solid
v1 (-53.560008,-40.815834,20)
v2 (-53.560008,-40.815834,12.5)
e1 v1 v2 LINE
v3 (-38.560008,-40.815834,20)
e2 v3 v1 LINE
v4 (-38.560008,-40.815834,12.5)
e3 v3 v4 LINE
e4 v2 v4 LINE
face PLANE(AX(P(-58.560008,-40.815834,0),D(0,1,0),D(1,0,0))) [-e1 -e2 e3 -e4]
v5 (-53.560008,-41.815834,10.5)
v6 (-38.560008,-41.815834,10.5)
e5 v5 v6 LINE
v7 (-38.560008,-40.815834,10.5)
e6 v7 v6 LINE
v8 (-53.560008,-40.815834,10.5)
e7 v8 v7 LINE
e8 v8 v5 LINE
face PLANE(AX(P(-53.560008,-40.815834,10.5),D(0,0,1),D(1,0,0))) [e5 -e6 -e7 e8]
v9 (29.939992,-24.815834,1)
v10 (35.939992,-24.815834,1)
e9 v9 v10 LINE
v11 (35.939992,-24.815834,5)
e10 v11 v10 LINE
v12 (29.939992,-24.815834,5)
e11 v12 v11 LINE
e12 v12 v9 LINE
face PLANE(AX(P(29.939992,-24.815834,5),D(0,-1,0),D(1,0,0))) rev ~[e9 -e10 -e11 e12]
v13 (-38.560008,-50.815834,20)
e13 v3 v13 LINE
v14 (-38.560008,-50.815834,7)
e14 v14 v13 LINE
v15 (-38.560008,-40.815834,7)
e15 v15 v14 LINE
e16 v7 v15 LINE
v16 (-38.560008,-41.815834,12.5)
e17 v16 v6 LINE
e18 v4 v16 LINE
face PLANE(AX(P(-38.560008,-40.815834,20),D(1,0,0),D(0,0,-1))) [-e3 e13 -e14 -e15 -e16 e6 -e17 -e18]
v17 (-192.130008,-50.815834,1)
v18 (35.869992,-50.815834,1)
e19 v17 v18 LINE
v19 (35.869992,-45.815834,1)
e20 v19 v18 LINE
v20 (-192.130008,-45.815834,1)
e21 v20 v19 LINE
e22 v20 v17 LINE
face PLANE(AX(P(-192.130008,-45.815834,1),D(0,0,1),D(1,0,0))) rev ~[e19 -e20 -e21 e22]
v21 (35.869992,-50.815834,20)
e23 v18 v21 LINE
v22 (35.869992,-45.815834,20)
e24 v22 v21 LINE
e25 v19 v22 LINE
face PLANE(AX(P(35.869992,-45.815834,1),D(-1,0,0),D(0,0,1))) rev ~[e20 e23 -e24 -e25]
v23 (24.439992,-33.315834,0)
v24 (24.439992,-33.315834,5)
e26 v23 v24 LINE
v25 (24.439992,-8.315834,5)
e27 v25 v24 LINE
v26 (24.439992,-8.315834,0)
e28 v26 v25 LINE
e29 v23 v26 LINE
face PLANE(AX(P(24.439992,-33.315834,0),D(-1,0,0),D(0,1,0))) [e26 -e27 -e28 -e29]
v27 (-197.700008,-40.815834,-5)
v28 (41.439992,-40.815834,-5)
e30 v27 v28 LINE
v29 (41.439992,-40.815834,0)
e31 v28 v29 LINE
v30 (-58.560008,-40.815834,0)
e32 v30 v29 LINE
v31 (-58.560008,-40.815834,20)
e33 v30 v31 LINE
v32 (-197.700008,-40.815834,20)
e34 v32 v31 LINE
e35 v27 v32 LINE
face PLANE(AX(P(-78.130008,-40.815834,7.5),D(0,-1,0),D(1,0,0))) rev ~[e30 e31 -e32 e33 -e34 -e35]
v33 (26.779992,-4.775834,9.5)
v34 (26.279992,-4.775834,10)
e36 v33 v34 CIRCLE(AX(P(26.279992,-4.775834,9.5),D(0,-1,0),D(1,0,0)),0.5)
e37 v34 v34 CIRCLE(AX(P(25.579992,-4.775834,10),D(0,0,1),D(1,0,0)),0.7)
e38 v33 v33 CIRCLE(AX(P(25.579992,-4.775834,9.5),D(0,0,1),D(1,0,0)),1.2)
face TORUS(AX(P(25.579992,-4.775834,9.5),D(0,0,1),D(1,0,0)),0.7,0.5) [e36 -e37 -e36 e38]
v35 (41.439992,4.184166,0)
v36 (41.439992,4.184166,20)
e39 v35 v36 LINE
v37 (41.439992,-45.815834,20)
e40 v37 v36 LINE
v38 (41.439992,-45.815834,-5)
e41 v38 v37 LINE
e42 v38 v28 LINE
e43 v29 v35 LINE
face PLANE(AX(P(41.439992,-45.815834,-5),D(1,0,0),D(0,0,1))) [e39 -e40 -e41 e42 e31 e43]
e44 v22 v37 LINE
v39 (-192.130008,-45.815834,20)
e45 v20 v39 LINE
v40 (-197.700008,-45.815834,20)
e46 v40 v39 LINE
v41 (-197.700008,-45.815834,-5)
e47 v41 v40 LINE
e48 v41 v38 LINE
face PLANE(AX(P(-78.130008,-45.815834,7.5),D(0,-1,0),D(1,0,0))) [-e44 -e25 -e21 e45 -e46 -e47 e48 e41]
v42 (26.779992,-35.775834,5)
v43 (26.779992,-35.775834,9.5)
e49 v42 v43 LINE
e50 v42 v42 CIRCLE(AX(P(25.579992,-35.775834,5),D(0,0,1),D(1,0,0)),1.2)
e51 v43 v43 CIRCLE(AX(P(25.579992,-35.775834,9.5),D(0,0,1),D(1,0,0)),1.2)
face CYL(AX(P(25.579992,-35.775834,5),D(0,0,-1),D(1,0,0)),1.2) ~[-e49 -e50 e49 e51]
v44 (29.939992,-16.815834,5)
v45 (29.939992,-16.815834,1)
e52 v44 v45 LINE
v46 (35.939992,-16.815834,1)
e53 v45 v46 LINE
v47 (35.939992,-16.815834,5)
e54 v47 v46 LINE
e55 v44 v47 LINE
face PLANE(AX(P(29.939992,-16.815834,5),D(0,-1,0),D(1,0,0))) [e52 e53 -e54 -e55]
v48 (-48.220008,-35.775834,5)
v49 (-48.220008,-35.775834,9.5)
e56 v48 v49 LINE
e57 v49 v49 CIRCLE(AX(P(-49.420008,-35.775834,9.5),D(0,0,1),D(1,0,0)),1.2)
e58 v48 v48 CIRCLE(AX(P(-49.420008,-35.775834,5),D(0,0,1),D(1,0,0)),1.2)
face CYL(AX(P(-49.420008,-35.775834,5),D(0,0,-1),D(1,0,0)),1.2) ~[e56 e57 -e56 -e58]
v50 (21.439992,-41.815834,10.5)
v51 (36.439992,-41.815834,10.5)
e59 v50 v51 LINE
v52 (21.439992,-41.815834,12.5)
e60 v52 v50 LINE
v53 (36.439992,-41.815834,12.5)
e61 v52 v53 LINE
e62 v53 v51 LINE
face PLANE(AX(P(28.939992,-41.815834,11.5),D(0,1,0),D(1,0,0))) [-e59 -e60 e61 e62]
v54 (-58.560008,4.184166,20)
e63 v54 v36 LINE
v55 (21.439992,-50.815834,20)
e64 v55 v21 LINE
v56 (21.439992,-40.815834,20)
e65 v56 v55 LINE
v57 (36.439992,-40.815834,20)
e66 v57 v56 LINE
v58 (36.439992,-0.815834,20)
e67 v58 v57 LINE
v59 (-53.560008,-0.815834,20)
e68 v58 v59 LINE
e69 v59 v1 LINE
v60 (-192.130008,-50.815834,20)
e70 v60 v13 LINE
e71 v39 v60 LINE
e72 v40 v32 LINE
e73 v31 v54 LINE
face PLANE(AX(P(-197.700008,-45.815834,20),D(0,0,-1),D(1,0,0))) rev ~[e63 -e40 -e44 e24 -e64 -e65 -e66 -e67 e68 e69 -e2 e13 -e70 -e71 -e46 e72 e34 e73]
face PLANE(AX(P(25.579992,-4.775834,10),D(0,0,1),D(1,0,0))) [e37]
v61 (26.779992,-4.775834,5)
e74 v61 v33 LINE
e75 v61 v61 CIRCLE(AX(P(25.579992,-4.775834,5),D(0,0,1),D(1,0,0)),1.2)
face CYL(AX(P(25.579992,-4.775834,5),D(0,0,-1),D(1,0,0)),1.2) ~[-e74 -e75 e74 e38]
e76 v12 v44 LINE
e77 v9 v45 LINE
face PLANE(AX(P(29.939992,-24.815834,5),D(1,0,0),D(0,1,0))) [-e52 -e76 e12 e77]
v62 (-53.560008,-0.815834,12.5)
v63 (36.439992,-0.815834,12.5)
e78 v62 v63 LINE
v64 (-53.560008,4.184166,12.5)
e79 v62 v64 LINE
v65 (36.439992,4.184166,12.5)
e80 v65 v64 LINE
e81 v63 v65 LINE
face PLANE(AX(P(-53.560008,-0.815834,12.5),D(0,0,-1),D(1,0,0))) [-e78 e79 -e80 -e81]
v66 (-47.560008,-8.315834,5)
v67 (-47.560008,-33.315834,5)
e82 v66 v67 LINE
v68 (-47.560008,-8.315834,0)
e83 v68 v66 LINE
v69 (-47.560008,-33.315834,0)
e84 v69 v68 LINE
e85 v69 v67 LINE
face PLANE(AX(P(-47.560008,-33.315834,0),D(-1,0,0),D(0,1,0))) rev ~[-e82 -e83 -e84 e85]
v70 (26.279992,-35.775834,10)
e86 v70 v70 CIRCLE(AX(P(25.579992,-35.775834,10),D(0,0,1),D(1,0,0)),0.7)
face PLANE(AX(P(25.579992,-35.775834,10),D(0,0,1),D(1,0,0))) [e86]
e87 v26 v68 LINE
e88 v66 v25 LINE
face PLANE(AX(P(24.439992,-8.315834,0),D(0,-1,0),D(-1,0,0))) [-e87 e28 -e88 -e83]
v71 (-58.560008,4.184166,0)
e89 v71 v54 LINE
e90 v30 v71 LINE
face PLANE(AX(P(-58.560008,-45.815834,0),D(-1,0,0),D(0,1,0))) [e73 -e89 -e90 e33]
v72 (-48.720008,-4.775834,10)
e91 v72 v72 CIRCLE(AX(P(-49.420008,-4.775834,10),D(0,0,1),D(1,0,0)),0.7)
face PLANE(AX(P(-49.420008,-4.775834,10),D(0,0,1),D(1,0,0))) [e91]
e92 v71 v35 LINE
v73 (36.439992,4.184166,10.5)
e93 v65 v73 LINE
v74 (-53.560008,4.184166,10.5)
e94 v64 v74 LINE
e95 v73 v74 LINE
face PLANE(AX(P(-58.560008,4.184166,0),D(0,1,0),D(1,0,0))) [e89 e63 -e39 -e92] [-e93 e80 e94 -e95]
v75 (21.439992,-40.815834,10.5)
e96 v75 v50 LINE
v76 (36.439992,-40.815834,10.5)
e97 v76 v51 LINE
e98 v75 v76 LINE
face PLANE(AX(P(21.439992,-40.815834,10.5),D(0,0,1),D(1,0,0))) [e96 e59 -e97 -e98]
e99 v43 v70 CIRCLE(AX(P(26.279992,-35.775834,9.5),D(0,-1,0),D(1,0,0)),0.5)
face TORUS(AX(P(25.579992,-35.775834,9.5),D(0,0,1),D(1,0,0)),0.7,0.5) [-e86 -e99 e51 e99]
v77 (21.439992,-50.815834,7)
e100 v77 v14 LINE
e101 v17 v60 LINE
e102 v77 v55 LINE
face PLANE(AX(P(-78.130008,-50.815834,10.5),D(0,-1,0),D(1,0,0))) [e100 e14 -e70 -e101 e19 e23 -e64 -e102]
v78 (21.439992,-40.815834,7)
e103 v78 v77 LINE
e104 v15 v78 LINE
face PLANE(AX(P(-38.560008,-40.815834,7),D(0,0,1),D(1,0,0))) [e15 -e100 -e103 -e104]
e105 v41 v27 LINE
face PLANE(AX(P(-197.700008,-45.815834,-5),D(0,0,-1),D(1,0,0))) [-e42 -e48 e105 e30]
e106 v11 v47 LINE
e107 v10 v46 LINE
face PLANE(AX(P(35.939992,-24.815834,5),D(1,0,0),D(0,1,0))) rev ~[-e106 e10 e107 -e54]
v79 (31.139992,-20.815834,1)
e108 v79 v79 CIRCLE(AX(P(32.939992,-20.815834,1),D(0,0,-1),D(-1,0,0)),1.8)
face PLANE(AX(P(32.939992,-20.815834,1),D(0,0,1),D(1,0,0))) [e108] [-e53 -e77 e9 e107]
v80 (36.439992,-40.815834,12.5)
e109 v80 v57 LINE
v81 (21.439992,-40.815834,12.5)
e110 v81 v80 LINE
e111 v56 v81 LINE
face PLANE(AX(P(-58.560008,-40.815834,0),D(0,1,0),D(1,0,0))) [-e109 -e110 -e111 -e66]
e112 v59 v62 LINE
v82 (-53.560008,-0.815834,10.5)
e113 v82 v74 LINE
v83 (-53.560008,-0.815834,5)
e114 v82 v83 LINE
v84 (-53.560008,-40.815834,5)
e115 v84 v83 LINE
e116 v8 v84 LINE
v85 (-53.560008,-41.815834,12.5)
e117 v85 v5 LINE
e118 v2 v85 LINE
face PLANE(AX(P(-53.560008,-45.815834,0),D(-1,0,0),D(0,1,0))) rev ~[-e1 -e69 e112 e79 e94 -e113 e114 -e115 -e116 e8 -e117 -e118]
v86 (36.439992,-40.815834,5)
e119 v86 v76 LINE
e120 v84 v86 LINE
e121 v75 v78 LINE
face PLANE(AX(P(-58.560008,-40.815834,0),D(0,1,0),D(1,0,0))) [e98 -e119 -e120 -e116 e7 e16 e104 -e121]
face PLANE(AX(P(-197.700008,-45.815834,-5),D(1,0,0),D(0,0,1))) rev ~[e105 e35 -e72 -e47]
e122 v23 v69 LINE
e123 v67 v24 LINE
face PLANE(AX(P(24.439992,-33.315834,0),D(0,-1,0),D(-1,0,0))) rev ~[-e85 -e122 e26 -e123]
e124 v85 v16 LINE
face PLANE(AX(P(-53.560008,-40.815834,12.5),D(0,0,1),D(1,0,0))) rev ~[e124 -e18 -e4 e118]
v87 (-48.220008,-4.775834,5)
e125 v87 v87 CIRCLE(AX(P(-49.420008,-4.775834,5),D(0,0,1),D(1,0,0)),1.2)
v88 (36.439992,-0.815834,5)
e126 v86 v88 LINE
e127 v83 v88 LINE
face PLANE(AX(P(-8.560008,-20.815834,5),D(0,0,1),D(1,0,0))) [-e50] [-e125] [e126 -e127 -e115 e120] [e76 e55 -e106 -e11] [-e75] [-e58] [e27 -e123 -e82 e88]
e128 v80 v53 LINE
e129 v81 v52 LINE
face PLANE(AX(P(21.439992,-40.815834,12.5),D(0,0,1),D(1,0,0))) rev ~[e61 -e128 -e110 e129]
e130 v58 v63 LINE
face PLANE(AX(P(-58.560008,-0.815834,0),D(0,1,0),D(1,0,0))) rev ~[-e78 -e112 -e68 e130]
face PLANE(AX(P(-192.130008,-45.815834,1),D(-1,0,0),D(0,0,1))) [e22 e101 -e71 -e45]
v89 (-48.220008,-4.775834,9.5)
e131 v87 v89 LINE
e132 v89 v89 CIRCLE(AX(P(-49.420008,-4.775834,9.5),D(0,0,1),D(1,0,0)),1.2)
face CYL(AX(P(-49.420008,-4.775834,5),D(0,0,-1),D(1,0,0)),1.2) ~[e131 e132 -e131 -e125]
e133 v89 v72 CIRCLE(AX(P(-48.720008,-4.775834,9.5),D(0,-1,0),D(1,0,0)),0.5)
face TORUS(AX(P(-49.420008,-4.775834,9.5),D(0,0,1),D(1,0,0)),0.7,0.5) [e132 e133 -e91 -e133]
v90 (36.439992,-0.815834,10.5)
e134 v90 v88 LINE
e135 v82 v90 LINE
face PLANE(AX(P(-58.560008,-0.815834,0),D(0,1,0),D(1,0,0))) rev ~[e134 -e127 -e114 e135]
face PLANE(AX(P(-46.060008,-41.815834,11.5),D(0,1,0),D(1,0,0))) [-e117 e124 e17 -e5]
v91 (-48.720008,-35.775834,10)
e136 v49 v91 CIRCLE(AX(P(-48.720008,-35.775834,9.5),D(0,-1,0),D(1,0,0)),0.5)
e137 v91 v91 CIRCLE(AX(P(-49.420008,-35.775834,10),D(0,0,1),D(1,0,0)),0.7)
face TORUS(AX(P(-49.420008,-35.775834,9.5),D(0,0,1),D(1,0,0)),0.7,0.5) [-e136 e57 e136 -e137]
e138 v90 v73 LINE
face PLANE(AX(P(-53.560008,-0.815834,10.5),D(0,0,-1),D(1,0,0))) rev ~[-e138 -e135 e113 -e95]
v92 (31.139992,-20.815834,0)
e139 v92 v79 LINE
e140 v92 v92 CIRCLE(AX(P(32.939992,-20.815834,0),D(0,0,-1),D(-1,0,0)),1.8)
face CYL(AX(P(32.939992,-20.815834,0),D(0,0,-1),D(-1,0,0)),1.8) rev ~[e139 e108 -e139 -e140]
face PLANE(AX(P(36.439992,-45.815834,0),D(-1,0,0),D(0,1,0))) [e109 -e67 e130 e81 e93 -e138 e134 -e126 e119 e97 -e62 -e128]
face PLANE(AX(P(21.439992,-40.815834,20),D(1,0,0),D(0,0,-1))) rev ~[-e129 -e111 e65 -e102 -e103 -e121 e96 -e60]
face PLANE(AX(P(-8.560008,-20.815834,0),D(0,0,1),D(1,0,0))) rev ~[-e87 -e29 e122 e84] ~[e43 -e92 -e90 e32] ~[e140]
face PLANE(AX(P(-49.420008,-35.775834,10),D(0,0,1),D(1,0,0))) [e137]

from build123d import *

# Parameters (mm, degrees)
SKETCH2_W           = 100
SKETCH2_H           = 50
BOSS_EXTRUDE1_DEPTH = 20
SHELL1_T            = -5
SKETCH5_W           = 72
SKETCH5_H           = 25
CUT_EXTRUDE1_DEPTH  = 77.995878023
SKETCH6_R           = 1.8
CUT_EXTRUDE2_DEPTH  = 77.995878023
SKETCH7_W           = 6
SKETCH7_H           = 8
CUT_EXTRUDE3_DEPTH  = 4
SKETCH8_W           = 239.14
SKETCH8_H           = 25
BOSS_EXTRUDE2_DEPTH = 5
SKETCH9_W           = 228
SKETCH9_H           = 19
BOSS_EXTRUDE3_DEPTH = 5
SKETCH10_W          = 60
SKETCH10_H          = 13
CUT_EXTRUDE4_DEPTH  = 19
SKETCH11_R          = 1.2
BOSS_EXTRUDE4_DEPTH = 5
SKETCH12_R          = 1.2
BOSS_EXTRUDE5_DEPTH = 5
SKETCH13_R          = 1.2
BOSS_EXTRUDE6_DEPTH = 5
SKETCH14_R          = 1.2
BOSS_EXTRUDE7_DEPTH = 5
FILLET3_R           = 0.5
FILLET4_R           = 0.5
FILLET5_R           = 0.5
FILLET6_R           = 0.5
SKETCH16_W          = 15
SKETCH16_H          = 2
CUT_EXTRUDE5_DEPTH  = 1
SKETCH17_W          = 90
SKETCH17_H          = 2
CUT_EXTRUDE6_DEPTH  = 205.903131616


with BuildPart() as part:
    # Sketch2 → Boss-Extrude1 (new body)
    with BuildSketch(Plane.XY):
        with Locations((-8.560008462, -20.815833959)):
            Rectangle(SKETCH2_W, SKETCH2_H)
    extrude(amount=BOSS_EXTRUDE1_DEPTH)

    # Shell1
    shell1_openings = [part.faces().sort_by_distance(p)[0] for p in [
        (-8.560008462, -20.815833959, 20),
    ]]
    offset(amount=SHELL1_T, openings=shell1_openings, kind=Kind.INTERSECTION)

    # Sketch5 → Cut-Extrude1 (cut, through all)
    with BuildSketch(Plane(origin=(0, 0, 0), x_dir=(-1, 0, 0), z_dir=(0, 0, -1))):
        with Locations((11.560008462, -20.815833959)):
            Rectangle(SKETCH5_W, SKETCH5_H)
    extrude(amount=-CUT_EXTRUDE1_DEPTH, mode=Mode.SUBTRACT)

    # Sketch6 → Cut-Extrude2 (cut, through all)
    with BuildSketch(Plane(origin=(0, 0, 0), x_dir=(-1, 0, 0), z_dir=(0, 0, -1))):
        with Locations((-32.939991538, -20.815833959)):
            Circle(SKETCH6_R)
    extrude(amount=-CUT_EXTRUDE2_DEPTH, mode=Mode.SUBTRACT)

    # Sketch7 → Cut-Extrude3 (cut)
    with BuildSketch(Plane.XY.offset(5)):
        with Locations((32.939991538, -20.815833959)):
            Rectangle(SKETCH7_W, SKETCH7_H)
    extrude(amount=-CUT_EXTRUDE3_DEPTH, mode=Mode.SUBTRACT)

    # Sketch8 → Boss-Extrude2 (add)
    with BuildSketch(Plane.XZ.offset(45.815833959)):
        with Locations((-78.130008462, 7.5)):
            Rectangle(SKETCH8_W, SKETCH8_H)
    extrude(amount=-BOSS_EXTRUDE2_DEPTH)

    # Sketch9 → Boss-Extrude3 (add)
    with BuildSketch(Plane.XZ.offset(45.815833959)):
        with Locations((-78.130008462, 10.5)):
            Rectangle(SKETCH9_W, SKETCH9_H)
    extrude(amount=BOSS_EXTRUDE3_DEPTH)

    # Sketch10 → Cut-Extrude4 (cut)
    with BuildSketch(Plane(origin=(0, -40.815833959, 0), x_dir=(1, 0, 0), z_dir=(0, 1, 0))):
        with Locations((-8.560008462, -13.5)):
            Rectangle(SKETCH10_W, SKETCH10_H)
    extrude(amount=-CUT_EXTRUDE4_DEPTH, mode=Mode.SUBTRACT)

    # Sketch11 → Boss-Extrude4 (add)
    with BuildSketch(Plane.XY.offset(5)):
        with Locations((-49.420008462, -4.775833959)):
            Circle(SKETCH11_R)
    extrude(amount=BOSS_EXTRUDE4_DEPTH)

    # Sketch12 → Boss-Extrude5 (add)
    with BuildSketch(Plane.XY.offset(5)):
        with Locations((25.579991538, -4.775833959)):
            Circle(SKETCH12_R)
    extrude(amount=BOSS_EXTRUDE5_DEPTH)

    # Sketch13 → Boss-Extrude6 (add)
    with BuildSketch(Plane.XY.offset(5)):
        with Locations((-49.420008462, -35.775833959)):
            Circle(SKETCH13_R)
    extrude(amount=BOSS_EXTRUDE6_DEPTH)

    # Sketch14 → Boss-Extrude7 (add)
    with BuildSketch(Plane.XY.offset(5)):
        with Locations((25.579991538, -35.775833959)):
            Circle(SKETCH14_R)
    extrude(amount=BOSS_EXTRUDE7_DEPTH)

    # Fillet3
    fillet3_edges = [part.edges().sort_by_distance(p)[0] for p in [
        (-50.620008462, -35.775833959, 10),
    ]]
    fillet(fillet3_edges, radius=FILLET3_R)

    # Fillet4
    fillet4_edges = [part.edges().sort_by_distance(p)[0] for p in [
        (-50.620008462, -4.775833959, 10),
    ]]
    fillet(fillet4_edges, radius=FILLET4_R)

    # Fillet5
    fillet5_edges = [part.edges().sort_by_distance(p)[0] for p in [
        (24.379991538, -4.775833959, 10),
    ]]
    fillet(fillet5_edges, radius=FILLET5_R)

    # Fillet6
    fillet6_edges = [part.edges().sort_by_distance(p)[0] for p in [
        (24.379991538, -35.775833959, 10),
    ]]
    fillet(fillet6_edges, radius=FILLET6_R)

    # Sketch16 → Cut-Extrude5 (cut)
    with BuildSketch(Plane(origin=(0, -40.815833959, 0), x_dir=(1, 0, 0), z_dir=(0, 1, 0))):
        with Locations((-46.060008462, -11.5)):
            Rectangle(SKETCH16_W, SKETCH16_H)
        with Locations((28.939991538, -11.5)):
            Rectangle(SKETCH16_W, SKETCH16_H)
    extrude(amount=-CUT_EXTRUDE5_DEPTH, mode=Mode.SUBTRACT)

    # Sketch17 → Cut-Extrude6 (cut, through all)
    with BuildSketch(Plane.XZ.offset(0.815833959)):
        with Locations((-8.560008462, 11.5)):
            Rectangle(SKETCH17_W, SKETCH17_H)
    extrude(amount=-CUT_EXTRUDE6_DEPTH, mode=Mode.SUBTRACT)


solid = part.part
